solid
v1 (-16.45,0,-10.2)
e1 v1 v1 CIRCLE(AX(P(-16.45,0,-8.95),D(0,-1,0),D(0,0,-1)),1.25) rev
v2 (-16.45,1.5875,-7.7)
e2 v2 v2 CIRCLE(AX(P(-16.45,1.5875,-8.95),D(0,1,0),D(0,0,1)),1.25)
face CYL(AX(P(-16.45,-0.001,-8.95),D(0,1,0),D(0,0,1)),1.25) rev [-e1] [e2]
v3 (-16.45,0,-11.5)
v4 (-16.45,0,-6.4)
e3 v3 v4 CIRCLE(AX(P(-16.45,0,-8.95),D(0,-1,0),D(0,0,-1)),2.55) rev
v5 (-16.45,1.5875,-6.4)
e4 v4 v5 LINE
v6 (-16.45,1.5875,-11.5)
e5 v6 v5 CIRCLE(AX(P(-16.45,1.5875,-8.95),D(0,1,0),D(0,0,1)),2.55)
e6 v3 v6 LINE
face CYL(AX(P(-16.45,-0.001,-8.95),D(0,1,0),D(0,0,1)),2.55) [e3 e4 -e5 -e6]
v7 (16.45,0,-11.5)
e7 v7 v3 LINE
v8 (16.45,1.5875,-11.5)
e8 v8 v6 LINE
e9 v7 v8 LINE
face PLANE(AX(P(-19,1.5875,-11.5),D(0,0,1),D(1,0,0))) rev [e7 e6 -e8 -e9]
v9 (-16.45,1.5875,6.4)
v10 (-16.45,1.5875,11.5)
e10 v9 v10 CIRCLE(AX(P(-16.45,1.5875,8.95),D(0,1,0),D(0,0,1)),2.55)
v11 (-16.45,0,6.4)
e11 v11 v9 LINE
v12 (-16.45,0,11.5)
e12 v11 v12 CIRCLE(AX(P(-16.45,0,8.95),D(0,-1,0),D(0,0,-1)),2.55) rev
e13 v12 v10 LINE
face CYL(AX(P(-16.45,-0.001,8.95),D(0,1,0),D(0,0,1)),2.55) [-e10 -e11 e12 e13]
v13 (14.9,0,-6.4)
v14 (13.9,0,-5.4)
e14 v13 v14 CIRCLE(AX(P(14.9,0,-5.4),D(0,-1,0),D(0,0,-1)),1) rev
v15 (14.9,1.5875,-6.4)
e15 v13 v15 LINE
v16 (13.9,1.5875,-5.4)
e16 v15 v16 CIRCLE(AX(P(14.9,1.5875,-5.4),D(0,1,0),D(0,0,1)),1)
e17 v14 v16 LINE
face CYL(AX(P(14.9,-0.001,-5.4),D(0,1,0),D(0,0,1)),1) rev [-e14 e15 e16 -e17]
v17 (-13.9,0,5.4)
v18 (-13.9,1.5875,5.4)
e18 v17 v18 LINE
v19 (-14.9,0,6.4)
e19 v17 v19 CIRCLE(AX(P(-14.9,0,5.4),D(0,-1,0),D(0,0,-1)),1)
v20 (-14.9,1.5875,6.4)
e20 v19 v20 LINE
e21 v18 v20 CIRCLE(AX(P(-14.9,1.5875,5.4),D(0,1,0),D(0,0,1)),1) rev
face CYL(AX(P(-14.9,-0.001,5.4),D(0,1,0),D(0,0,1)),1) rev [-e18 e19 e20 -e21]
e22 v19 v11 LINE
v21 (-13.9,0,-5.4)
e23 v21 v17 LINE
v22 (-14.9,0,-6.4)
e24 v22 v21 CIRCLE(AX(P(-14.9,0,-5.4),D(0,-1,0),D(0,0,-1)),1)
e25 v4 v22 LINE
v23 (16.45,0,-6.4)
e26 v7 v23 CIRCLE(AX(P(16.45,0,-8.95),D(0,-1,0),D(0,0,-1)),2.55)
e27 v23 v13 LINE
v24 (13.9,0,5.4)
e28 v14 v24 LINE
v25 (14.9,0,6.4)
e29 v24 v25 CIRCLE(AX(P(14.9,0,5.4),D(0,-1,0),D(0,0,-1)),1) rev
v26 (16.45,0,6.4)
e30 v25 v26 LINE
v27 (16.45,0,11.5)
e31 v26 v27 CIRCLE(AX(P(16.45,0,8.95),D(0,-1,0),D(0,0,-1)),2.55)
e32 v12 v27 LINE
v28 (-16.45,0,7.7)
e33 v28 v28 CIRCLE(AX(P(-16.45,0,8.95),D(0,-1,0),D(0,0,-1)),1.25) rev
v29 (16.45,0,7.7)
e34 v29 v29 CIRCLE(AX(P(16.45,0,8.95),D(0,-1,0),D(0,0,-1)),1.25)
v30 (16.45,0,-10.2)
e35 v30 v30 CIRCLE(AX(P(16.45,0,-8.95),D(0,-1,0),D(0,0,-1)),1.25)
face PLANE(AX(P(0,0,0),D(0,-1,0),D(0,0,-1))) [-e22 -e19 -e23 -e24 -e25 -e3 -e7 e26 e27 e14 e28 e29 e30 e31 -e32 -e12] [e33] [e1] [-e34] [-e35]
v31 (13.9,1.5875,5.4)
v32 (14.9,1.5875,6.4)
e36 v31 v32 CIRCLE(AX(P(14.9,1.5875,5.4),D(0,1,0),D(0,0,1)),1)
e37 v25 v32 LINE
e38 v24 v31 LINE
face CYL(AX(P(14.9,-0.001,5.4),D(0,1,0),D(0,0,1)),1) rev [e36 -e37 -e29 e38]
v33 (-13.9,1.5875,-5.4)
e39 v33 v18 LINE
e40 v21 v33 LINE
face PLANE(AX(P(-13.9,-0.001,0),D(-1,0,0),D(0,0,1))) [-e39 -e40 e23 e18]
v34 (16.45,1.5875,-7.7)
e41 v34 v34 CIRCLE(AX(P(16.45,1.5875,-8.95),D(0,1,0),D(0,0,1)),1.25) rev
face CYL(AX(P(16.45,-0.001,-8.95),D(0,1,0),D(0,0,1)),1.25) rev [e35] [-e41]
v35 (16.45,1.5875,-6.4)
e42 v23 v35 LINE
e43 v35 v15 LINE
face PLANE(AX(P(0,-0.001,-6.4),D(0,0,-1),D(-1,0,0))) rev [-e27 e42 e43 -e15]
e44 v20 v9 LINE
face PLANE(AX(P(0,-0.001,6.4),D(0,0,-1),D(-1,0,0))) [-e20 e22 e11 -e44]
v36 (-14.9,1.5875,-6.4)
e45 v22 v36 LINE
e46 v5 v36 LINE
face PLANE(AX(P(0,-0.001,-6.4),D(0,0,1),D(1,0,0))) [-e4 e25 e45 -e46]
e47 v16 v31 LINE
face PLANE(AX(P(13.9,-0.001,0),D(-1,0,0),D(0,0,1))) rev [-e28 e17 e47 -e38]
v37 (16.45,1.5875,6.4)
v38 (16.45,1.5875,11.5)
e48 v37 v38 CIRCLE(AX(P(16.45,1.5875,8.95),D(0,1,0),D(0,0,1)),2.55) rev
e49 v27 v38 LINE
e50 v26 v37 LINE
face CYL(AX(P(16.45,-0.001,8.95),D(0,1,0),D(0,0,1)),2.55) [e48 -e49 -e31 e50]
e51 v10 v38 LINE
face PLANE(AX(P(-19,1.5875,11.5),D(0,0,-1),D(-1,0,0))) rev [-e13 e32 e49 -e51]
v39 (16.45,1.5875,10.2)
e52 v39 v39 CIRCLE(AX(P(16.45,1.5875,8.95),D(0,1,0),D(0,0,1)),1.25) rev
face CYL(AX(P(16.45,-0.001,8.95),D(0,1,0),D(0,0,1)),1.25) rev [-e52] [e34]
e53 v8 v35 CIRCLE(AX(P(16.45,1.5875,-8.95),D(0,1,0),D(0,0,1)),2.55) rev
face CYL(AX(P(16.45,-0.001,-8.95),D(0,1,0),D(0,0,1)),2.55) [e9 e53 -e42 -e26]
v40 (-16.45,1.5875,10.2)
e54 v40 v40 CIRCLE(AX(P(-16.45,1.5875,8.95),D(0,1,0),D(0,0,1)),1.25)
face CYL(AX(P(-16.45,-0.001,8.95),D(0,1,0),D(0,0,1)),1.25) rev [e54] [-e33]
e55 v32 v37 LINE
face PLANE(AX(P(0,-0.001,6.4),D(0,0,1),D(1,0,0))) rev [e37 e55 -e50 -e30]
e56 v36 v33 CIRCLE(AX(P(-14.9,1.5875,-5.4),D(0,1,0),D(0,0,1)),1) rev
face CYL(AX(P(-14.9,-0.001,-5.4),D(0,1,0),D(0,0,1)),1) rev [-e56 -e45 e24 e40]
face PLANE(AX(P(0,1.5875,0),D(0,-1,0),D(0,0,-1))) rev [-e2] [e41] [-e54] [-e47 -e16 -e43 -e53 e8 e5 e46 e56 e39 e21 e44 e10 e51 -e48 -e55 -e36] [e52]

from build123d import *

# Parameters (mm, degrees)
SKETCH1_W           = 38
SKETCH1_H           = 23
BOSS_EXTRUDE1_DEPTH = 1.5875
CUT_EXTRUDE1_REACH  = 24.266
SKETCH2_R           = 1.25


with BuildPart() as part:
    # Sketch1 → Boss-Extrude1 (new body)
    with BuildSketch(Plane(origin=(0, 0, 0), x_dir=(1, 0, 0), z_dir=(0, 1, 0))):
        Rectangle(SKETCH1_W, SKETCH1_H)
    extrude(amount=BOSS_EXTRUDE1_DEPTH)

    # Sketch2 → Cut-Extrude1 (cut, up to next)
    with BuildSketch(Plane(origin=(0, 1.5875, 0), x_dir=(1, 0, 0), z_dir=(0, 1, 0)), mode=Mode.PRIVATE) as cut_extrude1_sk1:
        with BuildLine():
            Line((-19, 11.5), (-19, 8.95))
            ThreePointArc((-19, 8.95), (-18.253122292, 10.753122292), (-16.45, 11.5))
            Line((-16.45, 11.5), (-19, 11.5))
        make_face()
    cut_extrude1_tool1 = extrude(cut_extrude1_sk1.sketch, amount=-CUT_EXTRUDE1_REACH, mode=Mode.PRIVATE) & part.part
    # Sketch2 → Cut-Extrude1 (cut, up to next)
    with BuildSketch(Plane(origin=(0, 1.5875, 0), x_dir=(1, 0, 0), z_dir=(0, 1, 0)), mode=Mode.PRIVATE) as cut_extrude1_sk2:
        with Locations(Location((-16.45, 8.95, 0), (0, 0, 270))):
            Circle(SKETCH2_R)
    cut_extrude1_tool2 = extrude(cut_extrude1_sk2.sketch, amount=-CUT_EXTRUDE1_REACH, mode=Mode.PRIVATE) & part.part
    # Sketch2 → Cut-Extrude1 (cut, up to next)
    with BuildSketch(Plane(origin=(0, 1.5875, 0), x_dir=(1, 0, 0), z_dir=(0, 1, 0)), mode=Mode.PRIVATE) as cut_extrude1_sk3:
        with BuildLine():
            Line((-14.9, 6.4), (-16.45, 6.4))
            ThreePointArc((-16.45, 6.4), (-18.253122292, 7.146877708), (-19, 8.95))
            Line((-19, 8.95), (-19, -8.95))
            ThreePointArc((-19, -8.95), (-18.253122292, -7.146877708), (-16.45, -6.4))
            Line((-16.45, -6.4), (-14.9, -6.4))
            ThreePointArc((-14.9, -6.4), (-14.192893219, -6.107106781), (-13.9, -5.4))
            Line((-13.9, -5.4), (-13.9, 5.4))
            ThreePointArc((-13.9, 5.4), (-14.192893219, 6.107106781), (-14.9, 6.4))
        make_face()
    cut_extrude1_tool3 = extrude(cut_extrude1_sk3.sketch, amount=-CUT_EXTRUDE1_REACH, mode=Mode.PRIVATE) & part.part
    # Sketch2 → Cut-Extrude1 (cut, up to next)
    with BuildSketch(Plane(origin=(0, 1.5875, 0), x_dir=(1, 0, 0), z_dir=(0, 1, 0)), mode=Mode.PRIVATE) as cut_extrude1_sk4:
        with BuildLine():
            ThreePointArc((-16.45, -11.5), (-18.253122292, -10.753122292), (-19, -8.95))
            Line((-19, -8.95), (-19, -11.5))
            Line((-19, -11.5), (-16.45, -11.5))
        make_face()
    cut_extrude1_tool4 = extrude(cut_extrude1_sk4.sketch, amount=-CUT_EXTRUDE1_REACH, mode=Mode.PRIVATE) & part.part
    # Sketch2 → Cut-Extrude1 (cut, up to next)
    with BuildSketch(Plane(origin=(0, 1.5875, 0), x_dir=(1, 0, 0), z_dir=(0, 1, 0)), mode=Mode.PRIVATE) as cut_extrude1_sk5:
        with Locations(Location((-16.45, -8.95, 0), (0, 0, 270))):
            Circle(SKETCH2_R)
    cut_extrude1_tool5 = extrude(cut_extrude1_sk5.sketch, amount=-CUT_EXTRUDE1_REACH, mode=Mode.PRIVATE) & part.part
    # Sketch2 → Cut-Extrude1 (cut, up to next)
    with BuildSketch(Plane(origin=(0, 1.5875, 0), x_dir=(1, 0, 0), z_dir=(0, 1, 0)), mode=Mode.PRIVATE) as cut_extrude1_sk6:
        with Locations(Location((16.45, -8.95, 0), (0, 0, 270))):
            Circle(SKETCH2_R)
    cut_extrude1_tool6 = extrude(cut_extrude1_sk6.sketch, amount=-CUT_EXTRUDE1_REACH, mode=Mode.PRIVATE) & part.part
    # Sketch2 → Cut-Extrude1 (cut, up to next)
    with BuildSketch(Plane(origin=(0, 1.5875, 0), x_dir=(1, 0, 0), z_dir=(0, 1, 0)), mode=Mode.PRIVATE) as cut_extrude1_sk7:
        with BuildLine():
            ThreePointArc((19, -8.95), (18.253122304, -10.75312228), (16.450000035, -11.5))
            Line((16.450000035, -11.5), (19, -11.5))
            Line((19, -11.5), (19, -8.95))
        make_face()
    cut_extrude1_tool7 = extrude(cut_extrude1_sk7.sketch, amount=-CUT_EXTRUDE1_REACH, mode=Mode.PRIVATE) & part.part
    # Sketch2 → Cut-Extrude1 (cut, up to next)
    with BuildSketch(Plane(origin=(0, 1.5875, 0), x_dir=(1, 0, 0), z_dir=(0, 1, 0)), mode=Mode.PRIVATE) as cut_extrude1_sk8:
        with BuildLine():
            Line((19, -8.95), (19, 8.95))
            ThreePointArc((19, 8.95), (18.253122292, 7.146877708), (16.45, 6.4))
            Line((16.45, 6.4), (14.9, 6.4))
            ThreePointArc((14.9, 6.4), (14.192893219, 6.107106781), (13.9, 5.4))
            Line((13.9, 5.4), (13.9, -5.4))
            ThreePointArc((13.9, -5.4), (14.192893219, -6.107106781), (14.9, -6.4))
            Line((14.9, -6.4), (16.45, -6.4))
            ThreePointArc((16.45, -6.4), (18.253122292, -7.146877708), (19, -8.95))
        make_face()
    cut_extrude1_tool8 = extrude(cut_extrude1_sk8.sketch, amount=-CUT_EXTRUDE1_REACH, mode=Mode.PRIVATE) & part.part
    # Sketch2 → Cut-Extrude1 (cut, up to next)
    with BuildSketch(Plane(origin=(0, 1.5875, 0), x_dir=(1, 0, 0), z_dir=(0, 1, 0)), mode=Mode.PRIVATE) as cut_extrude1_sk9:
        with BuildLine():
            Line((19, 11.5), (16.45, 11.5))
            ThreePointArc((16.45, 11.5), (18.253122292, 10.753122292), (19, 8.95))
            Line((19, 8.95), (19, 11.5))
        make_face()
    cut_extrude1_tool9 = extrude(cut_extrude1_sk9.sketch, amount=-CUT_EXTRUDE1_REACH, mode=Mode.PRIVATE) & part.part
    # Sketch2 → Cut-Extrude1 (cut, up to next)
    with BuildSketch(Plane(origin=(0, 1.5875, 0), x_dir=(1, 0, 0), z_dir=(0, 1, 0)), mode=Mode.PRIVATE) as cut_extrude1_sk10:
        with Locations(Location((16.45, 8.95, 0), (0, 0, 270))):
            Circle(SKETCH2_R)
    cut_extrude1_tool10 = extrude(cut_extrude1_sk10.sketch, amount=-CUT_EXTRUDE1_REACH, mode=Mode.PRIVATE) & part.part
    add(cut_extrude1_tool1.solids().sort_by_distance((-18.430412, 1.5875, -10.930412))[0], mode=Mode.SUBTRACT)
    add(cut_extrude1_tool2.solids().sort_by_distance((-16.45, 1.5875, -8.95))[0], mode=Mode.SUBTRACT)
    add(cut_extrude1_tool3.solids().sort_by_distance((-16.546475, 1.5875, 0))[0], mode=Mode.SUBTRACT)
    add(cut_extrude1_tool4.solids().sort_by_distance((-18.430412, 1.5875, 10.930412))[0], mode=Mode.SUBTRACT)
    add(cut_extrude1_tool5.solids().sort_by_distance((-16.45, 1.5875, 8.95))[0], mode=Mode.SUBTRACT)
    add(cut_extrude1_tool6.solids().sort_by_distance((16.45, 1.5875, 8.95))[0], mode=Mode.SUBTRACT)
    add(cut_extrude1_tool7.solids().sort_by_distance((18.430412, 1.5875, 10.930412))[0], mode=Mode.SUBTRACT)
    add(cut_extrude1_tool8.solids().sort_by_distance((16.546475, 1.5875, 0))[0], mode=Mode.SUBTRACT)
    add(cut_extrude1_tool9.solids().sort_by_distance((18.430412, 1.5875, -10.930412))[0], mode=Mode.SUBTRACT)
    add(cut_extrude1_tool10.solids().sort_by_distance((16.45, 1.5875, -8.95))[0], mode=Mode.SUBTRACT)


solid = part.part
